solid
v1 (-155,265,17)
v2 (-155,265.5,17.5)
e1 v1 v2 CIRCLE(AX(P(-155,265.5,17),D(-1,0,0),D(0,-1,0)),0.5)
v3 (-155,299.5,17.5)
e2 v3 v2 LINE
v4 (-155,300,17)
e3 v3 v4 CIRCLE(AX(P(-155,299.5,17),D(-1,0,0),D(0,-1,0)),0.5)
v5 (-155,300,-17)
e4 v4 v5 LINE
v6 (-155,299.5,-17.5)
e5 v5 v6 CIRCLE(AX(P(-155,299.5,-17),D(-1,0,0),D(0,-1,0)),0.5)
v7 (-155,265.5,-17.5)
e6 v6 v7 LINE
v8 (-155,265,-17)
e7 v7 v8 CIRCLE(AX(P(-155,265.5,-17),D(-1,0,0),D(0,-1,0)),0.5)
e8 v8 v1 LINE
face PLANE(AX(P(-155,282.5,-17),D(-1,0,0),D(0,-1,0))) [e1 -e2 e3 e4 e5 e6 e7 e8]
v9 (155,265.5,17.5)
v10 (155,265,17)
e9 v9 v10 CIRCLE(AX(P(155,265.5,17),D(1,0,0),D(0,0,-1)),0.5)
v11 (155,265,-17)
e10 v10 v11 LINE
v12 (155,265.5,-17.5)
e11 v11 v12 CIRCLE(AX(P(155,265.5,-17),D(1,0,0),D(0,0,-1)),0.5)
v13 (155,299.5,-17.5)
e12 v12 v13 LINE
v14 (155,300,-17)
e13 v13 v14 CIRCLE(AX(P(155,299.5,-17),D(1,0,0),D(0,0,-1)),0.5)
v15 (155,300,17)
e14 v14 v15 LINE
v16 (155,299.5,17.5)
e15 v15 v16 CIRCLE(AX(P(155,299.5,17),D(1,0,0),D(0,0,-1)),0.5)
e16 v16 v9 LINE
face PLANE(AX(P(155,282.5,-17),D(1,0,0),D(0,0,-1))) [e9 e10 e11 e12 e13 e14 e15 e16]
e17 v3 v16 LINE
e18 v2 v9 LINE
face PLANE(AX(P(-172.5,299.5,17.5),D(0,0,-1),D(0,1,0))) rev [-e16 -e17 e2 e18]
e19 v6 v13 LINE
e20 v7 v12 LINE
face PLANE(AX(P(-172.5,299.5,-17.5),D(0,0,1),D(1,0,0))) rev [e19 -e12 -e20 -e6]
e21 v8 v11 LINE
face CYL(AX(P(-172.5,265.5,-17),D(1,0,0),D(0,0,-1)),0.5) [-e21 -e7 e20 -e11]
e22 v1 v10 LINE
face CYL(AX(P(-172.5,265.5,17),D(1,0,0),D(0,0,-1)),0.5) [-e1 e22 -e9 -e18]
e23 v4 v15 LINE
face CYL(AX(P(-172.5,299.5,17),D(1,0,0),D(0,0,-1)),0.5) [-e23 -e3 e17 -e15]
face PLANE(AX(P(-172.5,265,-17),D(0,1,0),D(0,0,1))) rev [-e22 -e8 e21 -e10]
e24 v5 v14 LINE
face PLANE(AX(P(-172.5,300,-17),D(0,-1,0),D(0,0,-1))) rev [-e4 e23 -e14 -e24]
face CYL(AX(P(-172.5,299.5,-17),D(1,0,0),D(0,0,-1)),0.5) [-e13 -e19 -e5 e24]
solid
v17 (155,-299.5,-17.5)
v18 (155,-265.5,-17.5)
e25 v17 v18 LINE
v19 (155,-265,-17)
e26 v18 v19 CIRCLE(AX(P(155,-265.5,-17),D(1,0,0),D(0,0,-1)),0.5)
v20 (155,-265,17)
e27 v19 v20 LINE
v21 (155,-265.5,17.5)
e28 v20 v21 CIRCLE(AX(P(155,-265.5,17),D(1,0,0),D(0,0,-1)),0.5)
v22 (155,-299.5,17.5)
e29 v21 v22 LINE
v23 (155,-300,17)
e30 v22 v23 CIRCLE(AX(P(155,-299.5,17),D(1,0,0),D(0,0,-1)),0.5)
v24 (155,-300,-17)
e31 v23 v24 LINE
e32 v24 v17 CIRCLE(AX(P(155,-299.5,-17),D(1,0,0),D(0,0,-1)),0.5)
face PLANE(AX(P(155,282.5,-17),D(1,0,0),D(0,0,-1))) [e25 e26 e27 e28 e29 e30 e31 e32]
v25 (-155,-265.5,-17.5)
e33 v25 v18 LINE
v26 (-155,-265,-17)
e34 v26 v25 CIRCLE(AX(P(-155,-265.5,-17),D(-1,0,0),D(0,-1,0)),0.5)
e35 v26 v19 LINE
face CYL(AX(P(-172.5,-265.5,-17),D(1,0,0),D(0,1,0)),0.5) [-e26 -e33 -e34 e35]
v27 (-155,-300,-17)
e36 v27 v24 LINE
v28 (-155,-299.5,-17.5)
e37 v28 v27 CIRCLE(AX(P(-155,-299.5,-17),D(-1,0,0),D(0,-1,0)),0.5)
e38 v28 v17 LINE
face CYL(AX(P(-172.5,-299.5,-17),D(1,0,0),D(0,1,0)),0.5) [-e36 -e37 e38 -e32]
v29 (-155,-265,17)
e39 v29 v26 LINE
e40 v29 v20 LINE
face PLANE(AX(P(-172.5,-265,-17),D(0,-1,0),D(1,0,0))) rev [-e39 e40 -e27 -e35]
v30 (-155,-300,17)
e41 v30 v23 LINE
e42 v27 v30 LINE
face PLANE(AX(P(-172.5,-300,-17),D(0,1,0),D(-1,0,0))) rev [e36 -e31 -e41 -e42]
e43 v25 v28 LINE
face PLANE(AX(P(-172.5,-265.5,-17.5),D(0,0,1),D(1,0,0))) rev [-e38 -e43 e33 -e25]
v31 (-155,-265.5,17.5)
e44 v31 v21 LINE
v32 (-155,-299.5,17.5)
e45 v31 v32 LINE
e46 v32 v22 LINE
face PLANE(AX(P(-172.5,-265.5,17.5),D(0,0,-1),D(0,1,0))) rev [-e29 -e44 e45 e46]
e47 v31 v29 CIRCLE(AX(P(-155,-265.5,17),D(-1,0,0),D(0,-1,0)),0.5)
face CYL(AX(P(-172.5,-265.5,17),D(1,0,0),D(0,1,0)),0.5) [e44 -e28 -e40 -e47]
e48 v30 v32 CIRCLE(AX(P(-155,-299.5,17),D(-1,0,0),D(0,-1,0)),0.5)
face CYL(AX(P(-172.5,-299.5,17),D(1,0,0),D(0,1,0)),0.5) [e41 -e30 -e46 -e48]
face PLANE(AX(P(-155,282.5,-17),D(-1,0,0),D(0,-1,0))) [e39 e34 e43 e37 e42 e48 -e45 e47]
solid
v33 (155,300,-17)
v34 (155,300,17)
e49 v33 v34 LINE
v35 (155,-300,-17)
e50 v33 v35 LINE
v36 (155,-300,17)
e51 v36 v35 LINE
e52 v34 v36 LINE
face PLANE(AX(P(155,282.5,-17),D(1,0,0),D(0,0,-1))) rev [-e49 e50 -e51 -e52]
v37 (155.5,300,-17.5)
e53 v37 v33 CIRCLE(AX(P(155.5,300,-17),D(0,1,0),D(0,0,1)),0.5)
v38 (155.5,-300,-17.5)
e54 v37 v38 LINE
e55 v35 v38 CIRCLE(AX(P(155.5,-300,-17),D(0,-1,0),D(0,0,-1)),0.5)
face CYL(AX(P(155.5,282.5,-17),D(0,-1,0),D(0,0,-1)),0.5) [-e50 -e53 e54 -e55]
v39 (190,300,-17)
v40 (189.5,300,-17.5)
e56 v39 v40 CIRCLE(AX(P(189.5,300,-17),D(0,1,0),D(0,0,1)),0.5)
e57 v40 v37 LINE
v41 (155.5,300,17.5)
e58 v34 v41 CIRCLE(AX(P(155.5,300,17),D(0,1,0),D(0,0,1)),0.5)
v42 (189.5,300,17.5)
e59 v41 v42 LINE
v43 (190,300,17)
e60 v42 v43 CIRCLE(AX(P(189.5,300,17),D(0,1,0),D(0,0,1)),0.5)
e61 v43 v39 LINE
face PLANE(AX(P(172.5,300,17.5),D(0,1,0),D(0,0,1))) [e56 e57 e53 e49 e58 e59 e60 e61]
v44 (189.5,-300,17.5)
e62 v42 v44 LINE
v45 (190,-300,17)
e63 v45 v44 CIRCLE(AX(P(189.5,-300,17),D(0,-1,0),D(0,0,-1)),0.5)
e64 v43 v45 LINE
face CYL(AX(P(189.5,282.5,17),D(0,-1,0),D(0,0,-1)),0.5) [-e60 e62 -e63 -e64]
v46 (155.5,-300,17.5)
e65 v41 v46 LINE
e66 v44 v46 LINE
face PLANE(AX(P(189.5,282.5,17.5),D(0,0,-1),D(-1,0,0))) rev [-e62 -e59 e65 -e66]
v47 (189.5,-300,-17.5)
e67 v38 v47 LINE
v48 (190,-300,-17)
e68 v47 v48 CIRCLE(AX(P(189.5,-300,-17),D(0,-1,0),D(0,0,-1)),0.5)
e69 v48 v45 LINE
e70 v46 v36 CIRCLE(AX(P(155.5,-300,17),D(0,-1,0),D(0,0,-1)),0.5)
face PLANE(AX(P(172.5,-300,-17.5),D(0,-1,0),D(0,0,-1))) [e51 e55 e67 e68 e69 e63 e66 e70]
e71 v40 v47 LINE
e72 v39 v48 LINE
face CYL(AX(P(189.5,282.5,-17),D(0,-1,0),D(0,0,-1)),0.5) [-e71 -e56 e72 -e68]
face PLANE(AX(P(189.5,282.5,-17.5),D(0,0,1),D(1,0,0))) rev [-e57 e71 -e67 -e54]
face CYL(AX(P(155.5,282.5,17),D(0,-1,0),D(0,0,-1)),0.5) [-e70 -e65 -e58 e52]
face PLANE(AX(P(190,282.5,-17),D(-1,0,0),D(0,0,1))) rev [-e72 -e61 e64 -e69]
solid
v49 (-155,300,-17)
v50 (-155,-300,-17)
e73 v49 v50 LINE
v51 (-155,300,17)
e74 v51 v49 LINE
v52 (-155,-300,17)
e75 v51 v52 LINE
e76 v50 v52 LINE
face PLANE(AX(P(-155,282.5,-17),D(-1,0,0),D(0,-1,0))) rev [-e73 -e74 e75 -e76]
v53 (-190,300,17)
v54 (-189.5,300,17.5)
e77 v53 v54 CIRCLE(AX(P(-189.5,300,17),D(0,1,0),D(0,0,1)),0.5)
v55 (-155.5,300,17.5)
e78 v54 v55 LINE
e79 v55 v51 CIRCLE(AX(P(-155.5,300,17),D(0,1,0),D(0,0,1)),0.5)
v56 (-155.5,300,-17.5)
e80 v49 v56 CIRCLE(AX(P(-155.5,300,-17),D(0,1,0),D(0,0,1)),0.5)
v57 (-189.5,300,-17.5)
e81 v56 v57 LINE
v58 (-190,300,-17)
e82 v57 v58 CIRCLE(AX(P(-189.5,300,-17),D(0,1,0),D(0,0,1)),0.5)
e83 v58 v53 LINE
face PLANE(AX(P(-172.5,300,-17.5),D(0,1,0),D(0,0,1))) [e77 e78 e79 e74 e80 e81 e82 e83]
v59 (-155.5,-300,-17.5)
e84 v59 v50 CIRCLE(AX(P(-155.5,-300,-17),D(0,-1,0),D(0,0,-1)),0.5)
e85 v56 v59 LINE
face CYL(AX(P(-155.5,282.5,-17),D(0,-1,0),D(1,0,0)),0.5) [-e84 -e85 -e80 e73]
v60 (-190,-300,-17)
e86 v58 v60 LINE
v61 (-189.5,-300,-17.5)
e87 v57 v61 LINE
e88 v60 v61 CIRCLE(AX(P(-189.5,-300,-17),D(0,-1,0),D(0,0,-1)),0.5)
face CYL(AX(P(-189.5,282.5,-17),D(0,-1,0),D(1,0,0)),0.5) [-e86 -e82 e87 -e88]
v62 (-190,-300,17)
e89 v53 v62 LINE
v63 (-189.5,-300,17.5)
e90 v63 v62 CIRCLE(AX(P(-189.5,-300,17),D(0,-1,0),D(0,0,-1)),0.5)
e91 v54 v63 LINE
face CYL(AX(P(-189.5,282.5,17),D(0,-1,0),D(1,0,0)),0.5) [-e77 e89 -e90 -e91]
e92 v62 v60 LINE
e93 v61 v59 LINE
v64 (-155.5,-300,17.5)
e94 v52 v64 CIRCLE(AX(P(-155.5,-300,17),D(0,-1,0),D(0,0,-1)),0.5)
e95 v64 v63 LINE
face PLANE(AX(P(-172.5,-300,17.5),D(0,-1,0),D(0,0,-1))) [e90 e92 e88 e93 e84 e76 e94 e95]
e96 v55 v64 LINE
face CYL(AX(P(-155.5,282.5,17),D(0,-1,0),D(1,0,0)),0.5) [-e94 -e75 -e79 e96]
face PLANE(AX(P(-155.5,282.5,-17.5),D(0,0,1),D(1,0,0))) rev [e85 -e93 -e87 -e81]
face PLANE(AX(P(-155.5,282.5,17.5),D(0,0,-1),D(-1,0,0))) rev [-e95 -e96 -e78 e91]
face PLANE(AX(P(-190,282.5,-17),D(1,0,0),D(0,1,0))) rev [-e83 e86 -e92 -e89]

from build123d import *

# Parameters (mm, degrees)
CUSTOM_TASSEAU_CARRE_33_1_DEPTH      = 582.5
CUSTOM_TASSEAU_CARRE_33_1_DEPTH_BACK = 17.5
CUSTOM_TASSEAU_CARRE_33_1_2_DEPTH    = 600
CUSTOM_TASSEAU_CARRE_33_1_3_DEPTH    = 347
CUSTOM_TASSEAU_CARRE_33_1_4_DEPTH    = 347


with BuildPart() as part:
    # Esquisse14 → Custom TASSEAU-CARRE-33(1) (new, two sides: drawn at the far end of the back side and taken through both)
    with BuildSketch(Plane(origin=(172.5, -282.5, 0), x_dir=(-1, 0, 0), z_dir=(0, 1, 0)).offset(-CUSTOM_TASSEAU_CARRE_33_1_DEPTH_BACK)):
        with BuildLine():
            Line((-17, -17.5), (17, -17.5))
            ThreePointArc((17, -17.5), (17.353553391, -17.353553391), (17.5, -17))
            Line((17.5, -17), (17.5, 17))
            ThreePointArc((17.5, 17), (17.353553391, 17.353553391), (17, 17.5))
            Line((17, 17.5), (-17, 17.5))
            ThreePointArc((-17, 17.5), (-17.353553391, 17.353553391), (-17.5, 17))
            Line((-17.5, 17), (-17.5, -17))
            ThreePointArc((-17.5, -17), (-17.353553391, -17.353553391), (-17, -17.5))
        make_face()
    extrude(amount=CUSTOM_TASSEAU_CARRE_33_1_DEPTH + CUSTOM_TASSEAU_CARRE_33_1_DEPTH_BACK)


with BuildPart() as body_2:
    # Esquisse14 on segment 2 (carried to segment 2) → Custom TASSEAU-CARRE-33_1 2 (new body)
    with BuildSketch(Plane(origin=(-172.5, -300, 0), x_dir=(-1, 0, 0), z_dir=(0, 1, 0))):
        with BuildLine():
            Line((-17, -17.5), (17, -17.5))
            ThreePointArc((17, -17.5), (17.353553391, -17.353553391), (17.5, -17))
            Line((17.5, -17), (17.5, 17))
            ThreePointArc((17.5, 17), (17.353553391, 17.353553391), (17, 17.5))
            Line((17, 17.5), (-17, 17.5))
            ThreePointArc((-17, 17.5), (-17.353553391, 17.353553391), (-17.5, 17))
            Line((-17.5, 17), (-17.5, -17))
            ThreePointArc((-17.5, -17), (-17.353553391, -17.353553391), (-17, -17.5))
        make_face()
    extrude(amount=CUSTOM_TASSEAU_CARRE_33_1_2_DEPTH)


with BuildPart() as body_3:
    # Esquisse14 on segment 3 (carried to segment 3) → Custom TASSEAU-CARRE-33_1 3 (new body)
    with BuildSketch(Plane(origin=(173.5, 282.5, 0), x_dir=(0, -1, 0), z_dir=(-1, 0, 0))):
        with BuildLine():
            Line((-17, -17.5), (17, -17.5))
            ThreePointArc((17, -17.5), (17.353553391, -17.353553391), (17.5, -17))
            Line((17.5, -17), (17.5, 17))
            ThreePointArc((17.5, 17), (17.353553391, 17.353553391), (17, 17.5))
            Line((17, 17.5), (-17, 17.5))
            ThreePointArc((-17, 17.5), (-17.353553391, 17.353553391), (-17.5, 17))
            Line((-17.5, 17), (-17.5, -17))
            ThreePointArc((-17.5, -17), (-17.353553391, -17.353553391), (-17, -17.5))
        make_face()
    extrude(amount=CUSTOM_TASSEAU_CARRE_33_1_3_DEPTH)

    # Custom TASSEAU-CARRE-33_1 3 end butt 1
    split(bisect_by=Plane(origin=(155, 282.5, 0), x_dir=(0, -1, 0), z_dir=(-1, 0, 0)), keep=Keep.TOP)

    # Custom TASSEAU-CARRE-33_1 3 end butt 2
    split(bisect_by=Plane(origin=(-155, 282.5, 0), x_dir=(0, 1, 0), z_dir=(1, 0, 0)), keep=Keep.TOP)


with BuildPart() as body_4:
    # Esquisse14 on segment 4 (carried to segment 4) → Custom TASSEAU-CARRE-33_1 4 (new body)
    with BuildSketch(Plane(origin=(173.5, -282.5, 0), x_dir=(0, -1, 0), z_dir=(-1, 0, 0))):
        with BuildLine():
            Line((-17, -17.5), (17, -17.5))
            ThreePointArc((17, -17.5), (17.353553391, -17.353553391), (17.5, -17))
            Line((17.5, -17), (17.5, 17))
            ThreePointArc((17.5, 17), (17.353553391, 17.353553391), (17, 17.5))
            Line((17, 17.5), (-17, 17.5))
            ThreePointArc((-17, 17.5), (-17.353553391, 17.353553391), (-17.5, 17))
            Line((-17.5, 17), (-17.5, -17))
            ThreePointArc((-17.5, -17), (-17.353553391, -17.353553391), (-17, -17.5))
        make_face()
    extrude(amount=CUSTOM_TASSEAU_CARRE_33_1_4_DEPTH)

    # Custom TASSEAU-CARRE-33_1 4 end butt 1
    split(bisect_by=Plane(origin=(155, -282.5, 0), x_dir=(0, -1, 0), z_dir=(-1, 0, 0)), keep=Keep.TOP)

    # Custom TASSEAU-CARRE-33_1 4 end butt 2
    split(bisect_by=Plane(origin=(-155, -282.5, 0), x_dir=(0, 1, 0), z_dir=(1, 0, 0)), keep=Keep.TOP)


solid = Compound([part.part, body_2.part, body_3.part, body_4.part])
